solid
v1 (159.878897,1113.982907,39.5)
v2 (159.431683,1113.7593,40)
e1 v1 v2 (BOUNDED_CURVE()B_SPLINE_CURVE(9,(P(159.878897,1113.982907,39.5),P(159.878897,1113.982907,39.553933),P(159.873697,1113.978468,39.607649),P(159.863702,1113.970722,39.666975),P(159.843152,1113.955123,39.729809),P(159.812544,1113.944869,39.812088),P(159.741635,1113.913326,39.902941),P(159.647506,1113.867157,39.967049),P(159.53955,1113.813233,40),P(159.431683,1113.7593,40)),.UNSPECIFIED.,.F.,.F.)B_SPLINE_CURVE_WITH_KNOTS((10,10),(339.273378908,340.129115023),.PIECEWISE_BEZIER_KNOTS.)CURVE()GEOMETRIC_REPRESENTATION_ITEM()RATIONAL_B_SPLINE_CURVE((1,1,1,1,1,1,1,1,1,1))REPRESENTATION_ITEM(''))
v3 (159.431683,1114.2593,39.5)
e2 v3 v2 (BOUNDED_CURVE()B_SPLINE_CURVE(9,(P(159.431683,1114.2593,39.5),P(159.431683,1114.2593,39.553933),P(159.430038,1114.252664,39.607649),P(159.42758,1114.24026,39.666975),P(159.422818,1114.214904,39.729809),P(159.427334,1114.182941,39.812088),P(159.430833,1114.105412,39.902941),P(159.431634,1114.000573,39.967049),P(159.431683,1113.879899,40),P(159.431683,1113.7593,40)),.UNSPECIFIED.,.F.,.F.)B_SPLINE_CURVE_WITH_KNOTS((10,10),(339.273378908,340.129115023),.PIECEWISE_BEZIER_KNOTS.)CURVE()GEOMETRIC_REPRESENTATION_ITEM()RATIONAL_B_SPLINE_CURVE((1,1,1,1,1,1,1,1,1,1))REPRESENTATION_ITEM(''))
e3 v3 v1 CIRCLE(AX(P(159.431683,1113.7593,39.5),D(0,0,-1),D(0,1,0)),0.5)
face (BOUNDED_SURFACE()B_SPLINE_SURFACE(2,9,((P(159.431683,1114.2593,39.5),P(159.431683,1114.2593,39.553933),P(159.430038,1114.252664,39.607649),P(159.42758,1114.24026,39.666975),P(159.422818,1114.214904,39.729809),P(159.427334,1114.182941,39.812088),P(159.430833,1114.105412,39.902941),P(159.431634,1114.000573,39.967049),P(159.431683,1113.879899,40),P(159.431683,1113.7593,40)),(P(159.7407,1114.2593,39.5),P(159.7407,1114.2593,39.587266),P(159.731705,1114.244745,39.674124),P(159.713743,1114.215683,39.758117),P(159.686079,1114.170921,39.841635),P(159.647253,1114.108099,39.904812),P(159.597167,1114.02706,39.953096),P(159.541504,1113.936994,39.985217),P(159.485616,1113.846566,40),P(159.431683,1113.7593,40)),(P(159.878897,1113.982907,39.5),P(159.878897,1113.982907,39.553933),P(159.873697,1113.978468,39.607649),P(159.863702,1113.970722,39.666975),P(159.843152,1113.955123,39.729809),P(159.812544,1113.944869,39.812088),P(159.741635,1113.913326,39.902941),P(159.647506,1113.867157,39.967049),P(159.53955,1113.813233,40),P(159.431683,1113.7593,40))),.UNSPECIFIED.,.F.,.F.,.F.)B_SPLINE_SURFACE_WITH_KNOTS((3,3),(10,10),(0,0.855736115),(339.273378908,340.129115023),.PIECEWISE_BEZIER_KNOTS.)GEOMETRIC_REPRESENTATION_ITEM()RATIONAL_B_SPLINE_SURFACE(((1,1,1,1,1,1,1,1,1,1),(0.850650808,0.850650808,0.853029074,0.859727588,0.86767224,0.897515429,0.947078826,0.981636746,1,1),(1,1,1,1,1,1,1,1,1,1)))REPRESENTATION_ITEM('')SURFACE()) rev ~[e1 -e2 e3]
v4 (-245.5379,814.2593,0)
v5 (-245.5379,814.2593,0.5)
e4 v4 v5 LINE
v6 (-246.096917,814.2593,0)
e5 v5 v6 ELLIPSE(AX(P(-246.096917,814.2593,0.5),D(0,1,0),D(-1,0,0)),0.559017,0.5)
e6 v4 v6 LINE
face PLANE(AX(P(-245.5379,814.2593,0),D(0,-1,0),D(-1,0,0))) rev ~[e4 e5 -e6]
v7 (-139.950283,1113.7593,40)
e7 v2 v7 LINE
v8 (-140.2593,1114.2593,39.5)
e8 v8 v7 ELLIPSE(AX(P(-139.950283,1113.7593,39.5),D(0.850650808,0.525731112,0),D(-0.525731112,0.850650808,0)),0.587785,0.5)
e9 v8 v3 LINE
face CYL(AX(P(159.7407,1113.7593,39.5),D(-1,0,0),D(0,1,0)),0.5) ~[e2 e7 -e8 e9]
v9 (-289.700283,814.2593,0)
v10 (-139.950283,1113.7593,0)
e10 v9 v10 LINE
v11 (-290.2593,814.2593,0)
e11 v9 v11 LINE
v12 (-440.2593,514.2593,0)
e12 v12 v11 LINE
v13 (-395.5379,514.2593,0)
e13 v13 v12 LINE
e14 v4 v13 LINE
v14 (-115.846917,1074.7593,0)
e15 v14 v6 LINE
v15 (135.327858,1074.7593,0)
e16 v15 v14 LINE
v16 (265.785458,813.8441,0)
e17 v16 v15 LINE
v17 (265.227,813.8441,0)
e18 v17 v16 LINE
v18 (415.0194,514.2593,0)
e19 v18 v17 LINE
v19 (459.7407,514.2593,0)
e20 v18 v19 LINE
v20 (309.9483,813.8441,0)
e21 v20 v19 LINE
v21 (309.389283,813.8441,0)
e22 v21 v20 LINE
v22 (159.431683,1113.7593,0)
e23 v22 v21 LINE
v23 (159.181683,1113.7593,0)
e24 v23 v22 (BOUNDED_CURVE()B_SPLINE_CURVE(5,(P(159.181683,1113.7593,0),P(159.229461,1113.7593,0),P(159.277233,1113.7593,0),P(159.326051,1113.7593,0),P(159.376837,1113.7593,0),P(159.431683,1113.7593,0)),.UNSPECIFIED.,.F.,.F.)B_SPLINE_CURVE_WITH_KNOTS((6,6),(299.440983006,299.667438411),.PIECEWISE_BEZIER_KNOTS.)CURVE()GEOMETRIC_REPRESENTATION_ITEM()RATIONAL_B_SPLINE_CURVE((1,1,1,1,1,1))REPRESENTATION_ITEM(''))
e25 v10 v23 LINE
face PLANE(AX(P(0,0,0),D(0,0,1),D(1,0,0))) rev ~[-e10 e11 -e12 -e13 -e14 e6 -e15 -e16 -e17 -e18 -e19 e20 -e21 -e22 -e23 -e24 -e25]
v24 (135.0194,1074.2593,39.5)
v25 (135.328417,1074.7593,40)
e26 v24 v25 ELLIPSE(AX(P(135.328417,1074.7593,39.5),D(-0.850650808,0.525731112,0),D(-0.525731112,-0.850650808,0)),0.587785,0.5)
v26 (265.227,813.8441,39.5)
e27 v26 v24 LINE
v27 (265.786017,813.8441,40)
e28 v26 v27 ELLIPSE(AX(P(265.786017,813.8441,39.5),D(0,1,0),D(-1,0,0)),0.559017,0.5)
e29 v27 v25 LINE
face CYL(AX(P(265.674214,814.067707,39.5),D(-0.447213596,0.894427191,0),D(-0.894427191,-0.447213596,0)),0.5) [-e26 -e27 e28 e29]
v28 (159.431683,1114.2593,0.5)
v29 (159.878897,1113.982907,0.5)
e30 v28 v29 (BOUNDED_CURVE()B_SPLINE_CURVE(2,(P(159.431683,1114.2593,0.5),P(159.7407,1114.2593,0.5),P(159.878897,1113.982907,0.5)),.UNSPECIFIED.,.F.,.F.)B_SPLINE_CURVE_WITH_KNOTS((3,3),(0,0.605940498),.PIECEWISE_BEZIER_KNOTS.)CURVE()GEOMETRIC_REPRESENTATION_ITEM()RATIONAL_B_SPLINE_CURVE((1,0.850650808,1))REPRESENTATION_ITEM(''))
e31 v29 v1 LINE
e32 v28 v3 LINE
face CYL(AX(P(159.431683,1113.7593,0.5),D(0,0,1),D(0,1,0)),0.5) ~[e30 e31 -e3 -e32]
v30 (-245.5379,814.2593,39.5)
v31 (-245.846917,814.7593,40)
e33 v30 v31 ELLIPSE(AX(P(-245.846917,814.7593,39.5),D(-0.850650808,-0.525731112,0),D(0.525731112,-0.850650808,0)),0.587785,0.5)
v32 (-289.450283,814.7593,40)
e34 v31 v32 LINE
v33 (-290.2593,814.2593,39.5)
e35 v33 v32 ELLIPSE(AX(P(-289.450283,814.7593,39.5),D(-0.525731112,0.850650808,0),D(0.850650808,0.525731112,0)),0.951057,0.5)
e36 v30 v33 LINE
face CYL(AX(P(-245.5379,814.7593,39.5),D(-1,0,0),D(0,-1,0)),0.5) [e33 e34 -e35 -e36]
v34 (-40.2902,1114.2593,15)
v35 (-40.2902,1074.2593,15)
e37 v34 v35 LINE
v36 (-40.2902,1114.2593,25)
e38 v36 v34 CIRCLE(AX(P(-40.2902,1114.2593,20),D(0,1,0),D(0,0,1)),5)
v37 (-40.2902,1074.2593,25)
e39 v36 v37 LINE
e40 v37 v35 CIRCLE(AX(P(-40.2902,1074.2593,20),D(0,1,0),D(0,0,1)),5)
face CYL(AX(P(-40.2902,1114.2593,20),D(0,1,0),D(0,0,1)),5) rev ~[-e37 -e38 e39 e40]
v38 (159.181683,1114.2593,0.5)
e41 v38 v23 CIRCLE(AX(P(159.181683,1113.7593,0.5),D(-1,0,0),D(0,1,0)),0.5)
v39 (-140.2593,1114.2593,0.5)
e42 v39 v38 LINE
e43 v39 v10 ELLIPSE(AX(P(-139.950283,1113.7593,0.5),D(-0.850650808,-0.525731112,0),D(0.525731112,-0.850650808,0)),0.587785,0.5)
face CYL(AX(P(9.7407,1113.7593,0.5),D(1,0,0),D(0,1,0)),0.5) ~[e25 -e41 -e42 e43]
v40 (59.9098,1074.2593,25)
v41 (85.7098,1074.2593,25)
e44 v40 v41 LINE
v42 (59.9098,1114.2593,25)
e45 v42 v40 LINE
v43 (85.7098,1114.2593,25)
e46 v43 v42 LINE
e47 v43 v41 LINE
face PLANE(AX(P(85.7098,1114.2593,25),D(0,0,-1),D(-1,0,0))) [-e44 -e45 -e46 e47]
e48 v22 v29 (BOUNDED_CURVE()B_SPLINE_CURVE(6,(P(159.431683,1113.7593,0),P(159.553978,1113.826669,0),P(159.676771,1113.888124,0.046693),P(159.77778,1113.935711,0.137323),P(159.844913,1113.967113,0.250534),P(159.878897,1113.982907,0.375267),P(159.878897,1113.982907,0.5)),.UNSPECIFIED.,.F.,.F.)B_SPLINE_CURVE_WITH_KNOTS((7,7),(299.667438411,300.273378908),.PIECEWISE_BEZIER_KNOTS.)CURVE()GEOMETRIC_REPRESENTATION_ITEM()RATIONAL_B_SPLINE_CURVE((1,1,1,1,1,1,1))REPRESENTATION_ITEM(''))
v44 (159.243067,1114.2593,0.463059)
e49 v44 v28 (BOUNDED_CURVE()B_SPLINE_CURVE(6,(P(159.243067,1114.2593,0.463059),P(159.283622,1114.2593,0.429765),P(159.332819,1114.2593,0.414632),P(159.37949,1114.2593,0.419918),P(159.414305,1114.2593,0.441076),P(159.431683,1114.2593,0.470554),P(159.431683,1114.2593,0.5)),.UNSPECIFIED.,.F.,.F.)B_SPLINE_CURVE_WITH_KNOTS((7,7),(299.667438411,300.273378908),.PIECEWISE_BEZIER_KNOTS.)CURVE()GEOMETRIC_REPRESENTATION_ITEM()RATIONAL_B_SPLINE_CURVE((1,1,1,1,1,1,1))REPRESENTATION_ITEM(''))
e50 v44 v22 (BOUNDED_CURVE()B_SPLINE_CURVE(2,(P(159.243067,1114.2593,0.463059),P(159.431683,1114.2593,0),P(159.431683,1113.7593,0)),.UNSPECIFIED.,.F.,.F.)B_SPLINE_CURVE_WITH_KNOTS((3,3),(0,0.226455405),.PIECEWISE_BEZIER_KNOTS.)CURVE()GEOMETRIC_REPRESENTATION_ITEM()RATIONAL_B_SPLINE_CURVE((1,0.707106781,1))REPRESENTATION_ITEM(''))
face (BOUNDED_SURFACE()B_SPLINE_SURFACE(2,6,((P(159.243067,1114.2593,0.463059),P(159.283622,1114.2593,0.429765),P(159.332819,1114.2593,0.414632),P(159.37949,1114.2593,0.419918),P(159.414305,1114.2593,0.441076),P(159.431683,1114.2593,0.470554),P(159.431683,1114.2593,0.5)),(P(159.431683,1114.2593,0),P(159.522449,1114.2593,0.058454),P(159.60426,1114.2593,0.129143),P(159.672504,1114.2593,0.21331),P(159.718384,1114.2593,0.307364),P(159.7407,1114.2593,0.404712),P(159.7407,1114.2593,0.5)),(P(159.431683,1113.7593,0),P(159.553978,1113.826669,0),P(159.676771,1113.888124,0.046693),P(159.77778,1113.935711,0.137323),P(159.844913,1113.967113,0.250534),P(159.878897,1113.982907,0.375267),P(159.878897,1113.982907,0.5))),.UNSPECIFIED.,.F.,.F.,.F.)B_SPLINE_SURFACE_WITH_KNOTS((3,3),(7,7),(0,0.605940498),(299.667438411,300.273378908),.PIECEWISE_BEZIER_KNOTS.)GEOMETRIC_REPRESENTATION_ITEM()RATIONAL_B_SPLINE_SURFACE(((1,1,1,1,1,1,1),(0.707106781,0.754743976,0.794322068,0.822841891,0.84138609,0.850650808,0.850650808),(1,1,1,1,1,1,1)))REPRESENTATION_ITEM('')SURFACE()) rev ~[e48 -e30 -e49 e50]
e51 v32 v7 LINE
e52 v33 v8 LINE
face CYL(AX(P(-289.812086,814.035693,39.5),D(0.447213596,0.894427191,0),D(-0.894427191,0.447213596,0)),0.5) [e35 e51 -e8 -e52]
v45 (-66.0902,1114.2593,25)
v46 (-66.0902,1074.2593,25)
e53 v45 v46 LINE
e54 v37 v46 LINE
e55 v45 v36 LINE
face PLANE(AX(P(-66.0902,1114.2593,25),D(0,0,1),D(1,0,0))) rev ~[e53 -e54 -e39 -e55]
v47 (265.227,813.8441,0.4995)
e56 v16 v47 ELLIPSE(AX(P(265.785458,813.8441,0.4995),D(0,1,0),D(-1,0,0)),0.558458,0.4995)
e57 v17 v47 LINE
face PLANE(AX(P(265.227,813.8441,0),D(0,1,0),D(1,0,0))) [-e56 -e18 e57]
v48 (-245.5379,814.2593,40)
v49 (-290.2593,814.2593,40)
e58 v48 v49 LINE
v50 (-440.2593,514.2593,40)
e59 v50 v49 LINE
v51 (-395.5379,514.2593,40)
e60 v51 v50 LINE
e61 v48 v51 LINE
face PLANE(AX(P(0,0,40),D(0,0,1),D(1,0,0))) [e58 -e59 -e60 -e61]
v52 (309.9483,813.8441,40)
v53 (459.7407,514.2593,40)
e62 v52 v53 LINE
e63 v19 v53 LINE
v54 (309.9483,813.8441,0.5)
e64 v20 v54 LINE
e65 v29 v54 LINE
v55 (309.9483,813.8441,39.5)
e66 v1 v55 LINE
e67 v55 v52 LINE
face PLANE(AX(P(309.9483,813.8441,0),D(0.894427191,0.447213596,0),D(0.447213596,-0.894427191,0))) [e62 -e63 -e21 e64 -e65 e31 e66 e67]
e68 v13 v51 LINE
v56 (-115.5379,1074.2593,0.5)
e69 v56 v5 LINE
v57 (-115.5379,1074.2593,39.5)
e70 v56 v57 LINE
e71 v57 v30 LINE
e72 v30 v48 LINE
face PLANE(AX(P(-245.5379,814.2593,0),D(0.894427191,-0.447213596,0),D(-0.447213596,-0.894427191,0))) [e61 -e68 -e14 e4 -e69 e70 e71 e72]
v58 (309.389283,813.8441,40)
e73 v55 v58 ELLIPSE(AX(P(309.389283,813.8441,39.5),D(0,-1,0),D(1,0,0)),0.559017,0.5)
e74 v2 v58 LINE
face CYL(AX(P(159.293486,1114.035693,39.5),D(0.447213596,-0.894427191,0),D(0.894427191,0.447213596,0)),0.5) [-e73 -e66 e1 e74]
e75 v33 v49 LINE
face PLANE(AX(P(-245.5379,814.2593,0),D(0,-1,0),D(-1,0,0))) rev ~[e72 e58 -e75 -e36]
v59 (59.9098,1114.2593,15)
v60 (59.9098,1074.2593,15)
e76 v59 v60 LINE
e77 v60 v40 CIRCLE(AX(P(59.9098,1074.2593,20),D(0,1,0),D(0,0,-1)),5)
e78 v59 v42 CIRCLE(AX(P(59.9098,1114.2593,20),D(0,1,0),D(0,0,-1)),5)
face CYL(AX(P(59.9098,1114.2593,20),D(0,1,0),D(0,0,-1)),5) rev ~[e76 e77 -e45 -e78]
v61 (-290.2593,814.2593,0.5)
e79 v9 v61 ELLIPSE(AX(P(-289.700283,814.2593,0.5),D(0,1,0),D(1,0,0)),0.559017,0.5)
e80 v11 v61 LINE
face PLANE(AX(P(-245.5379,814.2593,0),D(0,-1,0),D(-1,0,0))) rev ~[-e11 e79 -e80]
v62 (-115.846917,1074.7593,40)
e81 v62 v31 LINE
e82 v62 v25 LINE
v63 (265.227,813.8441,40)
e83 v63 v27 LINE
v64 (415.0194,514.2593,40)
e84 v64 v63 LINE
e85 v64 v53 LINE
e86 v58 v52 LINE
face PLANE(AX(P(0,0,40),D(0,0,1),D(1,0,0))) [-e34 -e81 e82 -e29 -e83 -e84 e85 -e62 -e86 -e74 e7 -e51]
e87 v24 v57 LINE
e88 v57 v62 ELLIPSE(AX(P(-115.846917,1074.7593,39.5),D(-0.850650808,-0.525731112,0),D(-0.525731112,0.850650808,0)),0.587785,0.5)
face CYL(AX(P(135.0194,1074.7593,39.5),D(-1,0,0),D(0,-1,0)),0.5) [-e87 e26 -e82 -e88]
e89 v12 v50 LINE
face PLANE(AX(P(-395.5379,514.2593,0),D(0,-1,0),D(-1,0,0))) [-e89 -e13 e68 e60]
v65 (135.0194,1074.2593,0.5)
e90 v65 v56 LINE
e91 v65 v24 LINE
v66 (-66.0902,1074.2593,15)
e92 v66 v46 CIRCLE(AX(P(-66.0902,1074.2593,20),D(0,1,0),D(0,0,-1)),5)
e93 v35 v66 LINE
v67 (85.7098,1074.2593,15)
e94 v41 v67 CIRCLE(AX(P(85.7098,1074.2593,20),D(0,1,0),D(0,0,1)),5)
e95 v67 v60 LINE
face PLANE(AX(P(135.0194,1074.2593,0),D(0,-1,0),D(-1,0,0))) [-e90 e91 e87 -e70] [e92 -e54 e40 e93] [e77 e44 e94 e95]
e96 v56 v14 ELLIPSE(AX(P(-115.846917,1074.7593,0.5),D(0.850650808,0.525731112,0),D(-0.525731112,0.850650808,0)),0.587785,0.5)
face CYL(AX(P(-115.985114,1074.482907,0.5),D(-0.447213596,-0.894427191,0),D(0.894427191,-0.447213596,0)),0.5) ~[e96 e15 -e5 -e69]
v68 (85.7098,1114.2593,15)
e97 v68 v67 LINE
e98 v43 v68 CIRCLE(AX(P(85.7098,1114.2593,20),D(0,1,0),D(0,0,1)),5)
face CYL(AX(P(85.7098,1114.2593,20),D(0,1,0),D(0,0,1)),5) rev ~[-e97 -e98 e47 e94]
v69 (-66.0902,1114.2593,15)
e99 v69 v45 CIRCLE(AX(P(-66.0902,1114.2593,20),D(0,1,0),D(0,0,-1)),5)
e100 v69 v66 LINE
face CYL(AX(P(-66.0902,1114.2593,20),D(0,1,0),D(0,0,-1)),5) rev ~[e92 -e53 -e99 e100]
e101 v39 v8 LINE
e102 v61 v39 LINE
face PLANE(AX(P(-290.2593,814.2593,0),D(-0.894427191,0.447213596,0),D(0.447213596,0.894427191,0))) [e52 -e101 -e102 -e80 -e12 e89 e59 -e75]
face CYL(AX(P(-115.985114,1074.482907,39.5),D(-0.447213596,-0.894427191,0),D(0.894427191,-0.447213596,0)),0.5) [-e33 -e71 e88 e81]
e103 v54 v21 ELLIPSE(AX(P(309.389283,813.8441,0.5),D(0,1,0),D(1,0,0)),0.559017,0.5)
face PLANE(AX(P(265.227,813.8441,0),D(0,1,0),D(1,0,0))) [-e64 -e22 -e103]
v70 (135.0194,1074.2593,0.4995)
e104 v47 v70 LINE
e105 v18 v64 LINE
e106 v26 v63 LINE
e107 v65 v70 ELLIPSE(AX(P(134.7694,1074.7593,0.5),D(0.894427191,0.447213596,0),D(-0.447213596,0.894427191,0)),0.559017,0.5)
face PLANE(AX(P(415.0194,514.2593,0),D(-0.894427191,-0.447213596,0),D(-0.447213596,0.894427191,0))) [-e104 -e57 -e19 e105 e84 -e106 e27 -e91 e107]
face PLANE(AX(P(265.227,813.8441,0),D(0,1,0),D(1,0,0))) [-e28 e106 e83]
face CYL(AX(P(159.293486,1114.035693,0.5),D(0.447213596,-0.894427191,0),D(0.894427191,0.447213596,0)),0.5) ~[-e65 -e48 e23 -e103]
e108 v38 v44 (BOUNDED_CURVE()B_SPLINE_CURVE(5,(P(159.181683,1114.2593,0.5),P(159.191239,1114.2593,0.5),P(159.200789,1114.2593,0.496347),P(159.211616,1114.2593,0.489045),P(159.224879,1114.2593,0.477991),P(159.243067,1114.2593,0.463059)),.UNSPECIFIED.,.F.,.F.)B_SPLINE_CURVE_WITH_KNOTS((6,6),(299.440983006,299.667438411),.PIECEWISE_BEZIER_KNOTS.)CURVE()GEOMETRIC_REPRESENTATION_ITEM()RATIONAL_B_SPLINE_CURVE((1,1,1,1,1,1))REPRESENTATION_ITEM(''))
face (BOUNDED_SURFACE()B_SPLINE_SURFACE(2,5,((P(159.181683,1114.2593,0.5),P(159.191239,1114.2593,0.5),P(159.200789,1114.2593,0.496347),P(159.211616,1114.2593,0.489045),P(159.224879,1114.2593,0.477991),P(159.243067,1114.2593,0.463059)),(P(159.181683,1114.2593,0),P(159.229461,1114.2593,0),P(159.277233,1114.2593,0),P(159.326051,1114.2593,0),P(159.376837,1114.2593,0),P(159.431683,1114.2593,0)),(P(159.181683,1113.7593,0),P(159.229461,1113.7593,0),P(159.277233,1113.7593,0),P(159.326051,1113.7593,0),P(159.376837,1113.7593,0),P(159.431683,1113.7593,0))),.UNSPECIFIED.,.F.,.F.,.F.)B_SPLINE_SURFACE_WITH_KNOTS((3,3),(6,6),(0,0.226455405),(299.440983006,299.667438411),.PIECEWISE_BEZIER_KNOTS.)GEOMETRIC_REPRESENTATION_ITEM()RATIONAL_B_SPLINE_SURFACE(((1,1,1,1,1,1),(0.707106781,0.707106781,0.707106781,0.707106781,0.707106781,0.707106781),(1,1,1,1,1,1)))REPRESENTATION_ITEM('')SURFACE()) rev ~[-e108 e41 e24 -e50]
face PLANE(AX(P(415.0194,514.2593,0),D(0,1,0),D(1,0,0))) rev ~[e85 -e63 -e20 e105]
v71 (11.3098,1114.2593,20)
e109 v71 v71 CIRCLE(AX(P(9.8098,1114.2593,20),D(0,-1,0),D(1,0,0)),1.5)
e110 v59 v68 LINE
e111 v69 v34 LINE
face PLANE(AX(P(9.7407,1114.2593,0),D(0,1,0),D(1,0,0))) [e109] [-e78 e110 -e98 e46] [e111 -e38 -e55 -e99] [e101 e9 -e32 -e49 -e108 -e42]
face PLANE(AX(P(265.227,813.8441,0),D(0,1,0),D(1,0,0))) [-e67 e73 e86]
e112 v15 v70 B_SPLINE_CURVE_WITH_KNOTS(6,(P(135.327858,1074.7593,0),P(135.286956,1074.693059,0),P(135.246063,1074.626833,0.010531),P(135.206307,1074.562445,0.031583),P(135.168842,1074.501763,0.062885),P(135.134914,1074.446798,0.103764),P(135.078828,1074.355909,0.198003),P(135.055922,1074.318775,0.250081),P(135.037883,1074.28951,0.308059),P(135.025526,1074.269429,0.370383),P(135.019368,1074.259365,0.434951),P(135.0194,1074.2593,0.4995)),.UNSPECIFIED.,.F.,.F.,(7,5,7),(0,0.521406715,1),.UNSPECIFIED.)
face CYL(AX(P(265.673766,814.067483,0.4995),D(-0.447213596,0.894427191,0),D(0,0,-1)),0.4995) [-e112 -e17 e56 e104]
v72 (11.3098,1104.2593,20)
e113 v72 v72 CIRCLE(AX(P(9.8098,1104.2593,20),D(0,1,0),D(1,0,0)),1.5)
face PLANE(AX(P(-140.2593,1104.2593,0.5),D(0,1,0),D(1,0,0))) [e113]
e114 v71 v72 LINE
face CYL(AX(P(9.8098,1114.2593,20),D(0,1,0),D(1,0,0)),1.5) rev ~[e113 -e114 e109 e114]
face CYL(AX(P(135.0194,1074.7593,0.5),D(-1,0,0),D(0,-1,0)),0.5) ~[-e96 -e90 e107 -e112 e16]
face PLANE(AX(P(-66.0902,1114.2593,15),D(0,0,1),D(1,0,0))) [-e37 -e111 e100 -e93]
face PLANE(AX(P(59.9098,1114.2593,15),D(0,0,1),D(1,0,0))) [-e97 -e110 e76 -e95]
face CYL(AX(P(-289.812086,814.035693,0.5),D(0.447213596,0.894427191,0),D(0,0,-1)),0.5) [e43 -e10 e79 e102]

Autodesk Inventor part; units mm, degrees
ref_plane "YZ Plane" through (0, 0, 0) normal (1, 0, 0) x (0, 1, 0)
ref_plane "XZ Plane" through (0, 0, 0) normal (0, 1, 0) x (-1, 0, 0)
ref_plane "XY Plane" through (0, 0, 0) normal (0, 0, 1) x (1, 0, 0)
sketch "Sketch1" plane through (0, 0, 0) normal (0, 0, 1) x (1, 0, 0)
  line L0 (9.7407, 1114.2593) -> (159.7407, 1114.2593)
  line L1 (9.7407, 1114.2593) -> (-140.2593, 1114.2593)
  line L2 (-290.2593, 814.2593) -> (-140.2593, 1114.2593)
  line L3 (159.7407, 1114.2593) -> (459.7407, 514.2593)
  line L4 (135.0194, 1074.2593) -> (9.7407, 1074.2593)
  line L5 (9.7407, 1074.2593) -> (-115.5379, 1074.2593)
  line L6 (-115.5379, 1074.2593) -> (-245.5379, 814.2593)
  line L7 (9.7407, 1114.2593) -> (159.7407, 1114.2593)
  line L8 (9.7407, 1114.2593) -> (-140.2593, 1114.2593)
  line L9 (-440.2593, 514.2593) -> (-140.2593, 1114.2593)
  line L10 (159.7407, 1114.2593) -> (309.9483, 813.8441)
  line L11 (135.0194, 1074.2593) -> (9.7407, 1074.2593)
  line L12 (9.7407, 1074.2593) -> (-115.5379, 1074.2593)
  line L13 (-115.5379, 1074.2593) -> (-245.5379, 814.2593)
  line L14 (-245.5379, 814.2593) -> (-290.2593, 814.2593)
  line L15 (265.227, 813.8441) -> (309.9483, 813.8441)
  line L16 (265.227, 813.8441) -> (135.0194, 1074.2593)
  line L17 (415.0194, 514.2593) -> (135.0194, 1074.2593)
  line L18 (-395.5379, 514.2593) -> (-440.2593, 514.2593)
  line L19 (-245.5379, 814.2593) -> (-395.5379, 514.2593)
  line L20 (-440.2593, 514.2593) -> (-395.5379, 514.2593)
  line L21 (415.0194, 514.2593) -> (459.7407, 514.2593)
  point P0 (0, 0)
  dimension "d13" = 300
extrude "Extrusion1" add sketch "Sketch1" along normal blind 40 contours L0 L3 L15 L16 L4 L5 L6 L14 L2 L1
fillet "Fillet1" radius 0.5 10 edges at (72.3801, 1074.2593, 40) (72.3801, 1074.2593, 0) (200.1232, 944.0517, 40) (234.8445, 964.0517, 40) (-65.2593, 1114.2593, 40) (-215.2593, 964.2593, 40) (-180.5379, 944.2593, 40) (-267.8986, 814.2593, 40) (-180.5379, 944.2593, 0) (234.8445, 964.0517, 0)
fillet "Fillet2" radius 0.5 1 edges at (200.1232, 944.0517, 0)
fillet "Fillet3" radius 0.5 3 edges at (159.7407, 1114.2593, 20) (84.4612, 1114.2593, 0) (-215.2593, 964.2593, 0)
sketch "Sketch2" plane through (-140.2593, 1114.2593, 0.5) normal (0, 1, 0) x (1, 0, 0)
  line L0 (300.1382, -39) -> (300.1382, 0) projected
  line L1 (300.1382, -19.5) -> (0, -19.5)
  line L2 (0, 0) -> (0, -39) projected
  circle A0 centre (150.0691, -19.5) radius 1.5
  point P0 (140.2593, 0.5)
  dimension "d14" = 3
extrude "Extrusion2" cut sketch "Sketch2" against normal blind 10
extrude "Extrusion3" add sketch "Sketch1" along normal blind 40 contours L3 L21 L17 L15 | L14 L19 L18 L9
sketch "Sketch3" plane through (-140.2593, 1114.2593, 0.5) normal (0, 1, 0) x (1, 0, 0)
  point P0 (140.2593, 0.5)
sketch "Sketch4" plane through (-140.2593, 1114.2593, 0.5) normal (0, 1, 0) x (1, 0, 0)
  circle A0 centre (150.0691, -19.5) radius 1.5 projected
  line L0 (0, 0) -> (299.691, 0) projected
  line L1 (0, 0) -> (0, -39) projected
  line L2 (299.691, -39) -> (0, -39) projected
  line L3 (299.691, 0) -> (299.691, -39) projected
  line L4 (200.1691, -14.5) -> (225.9691, -14.5) projected
  line L5 (225.9691, -24.5) -> (200.1691, -24.5) projected
  arc A1 (225.9691, -24.5) -> (225.9691, -14.5) centre (225.9691, -19.5) ccw projected
  arc A2 (200.1691, -14.5) -> (200.1691, -24.5) centre (200.1691, -19.5) ccw projected
  arc A3 (74.1691, -14.5) -> (74.1691, -24.5) centre (74.1691, -19.5) ccw projected
  line L6 (74.1691, -14.5) -> (99.9691, -14.5) projected
  line L7 (74.1691, -24.5) -> (99.9691, -24.5) projected
  arc A4 (99.9691, -24.5) -> (99.9691, -14.5) centre (99.9691, -19.5) ccw projected
  point P0 (140.2593, 0.5)
extrude "Extrusion4" cut sketch "Sketch4" against normal blind 50 contours L4 A1 L5 A2 | L6 A4 L7 A3
properties part number "CAVALETE_INFERIOR" material "SAE 1010/1020"
